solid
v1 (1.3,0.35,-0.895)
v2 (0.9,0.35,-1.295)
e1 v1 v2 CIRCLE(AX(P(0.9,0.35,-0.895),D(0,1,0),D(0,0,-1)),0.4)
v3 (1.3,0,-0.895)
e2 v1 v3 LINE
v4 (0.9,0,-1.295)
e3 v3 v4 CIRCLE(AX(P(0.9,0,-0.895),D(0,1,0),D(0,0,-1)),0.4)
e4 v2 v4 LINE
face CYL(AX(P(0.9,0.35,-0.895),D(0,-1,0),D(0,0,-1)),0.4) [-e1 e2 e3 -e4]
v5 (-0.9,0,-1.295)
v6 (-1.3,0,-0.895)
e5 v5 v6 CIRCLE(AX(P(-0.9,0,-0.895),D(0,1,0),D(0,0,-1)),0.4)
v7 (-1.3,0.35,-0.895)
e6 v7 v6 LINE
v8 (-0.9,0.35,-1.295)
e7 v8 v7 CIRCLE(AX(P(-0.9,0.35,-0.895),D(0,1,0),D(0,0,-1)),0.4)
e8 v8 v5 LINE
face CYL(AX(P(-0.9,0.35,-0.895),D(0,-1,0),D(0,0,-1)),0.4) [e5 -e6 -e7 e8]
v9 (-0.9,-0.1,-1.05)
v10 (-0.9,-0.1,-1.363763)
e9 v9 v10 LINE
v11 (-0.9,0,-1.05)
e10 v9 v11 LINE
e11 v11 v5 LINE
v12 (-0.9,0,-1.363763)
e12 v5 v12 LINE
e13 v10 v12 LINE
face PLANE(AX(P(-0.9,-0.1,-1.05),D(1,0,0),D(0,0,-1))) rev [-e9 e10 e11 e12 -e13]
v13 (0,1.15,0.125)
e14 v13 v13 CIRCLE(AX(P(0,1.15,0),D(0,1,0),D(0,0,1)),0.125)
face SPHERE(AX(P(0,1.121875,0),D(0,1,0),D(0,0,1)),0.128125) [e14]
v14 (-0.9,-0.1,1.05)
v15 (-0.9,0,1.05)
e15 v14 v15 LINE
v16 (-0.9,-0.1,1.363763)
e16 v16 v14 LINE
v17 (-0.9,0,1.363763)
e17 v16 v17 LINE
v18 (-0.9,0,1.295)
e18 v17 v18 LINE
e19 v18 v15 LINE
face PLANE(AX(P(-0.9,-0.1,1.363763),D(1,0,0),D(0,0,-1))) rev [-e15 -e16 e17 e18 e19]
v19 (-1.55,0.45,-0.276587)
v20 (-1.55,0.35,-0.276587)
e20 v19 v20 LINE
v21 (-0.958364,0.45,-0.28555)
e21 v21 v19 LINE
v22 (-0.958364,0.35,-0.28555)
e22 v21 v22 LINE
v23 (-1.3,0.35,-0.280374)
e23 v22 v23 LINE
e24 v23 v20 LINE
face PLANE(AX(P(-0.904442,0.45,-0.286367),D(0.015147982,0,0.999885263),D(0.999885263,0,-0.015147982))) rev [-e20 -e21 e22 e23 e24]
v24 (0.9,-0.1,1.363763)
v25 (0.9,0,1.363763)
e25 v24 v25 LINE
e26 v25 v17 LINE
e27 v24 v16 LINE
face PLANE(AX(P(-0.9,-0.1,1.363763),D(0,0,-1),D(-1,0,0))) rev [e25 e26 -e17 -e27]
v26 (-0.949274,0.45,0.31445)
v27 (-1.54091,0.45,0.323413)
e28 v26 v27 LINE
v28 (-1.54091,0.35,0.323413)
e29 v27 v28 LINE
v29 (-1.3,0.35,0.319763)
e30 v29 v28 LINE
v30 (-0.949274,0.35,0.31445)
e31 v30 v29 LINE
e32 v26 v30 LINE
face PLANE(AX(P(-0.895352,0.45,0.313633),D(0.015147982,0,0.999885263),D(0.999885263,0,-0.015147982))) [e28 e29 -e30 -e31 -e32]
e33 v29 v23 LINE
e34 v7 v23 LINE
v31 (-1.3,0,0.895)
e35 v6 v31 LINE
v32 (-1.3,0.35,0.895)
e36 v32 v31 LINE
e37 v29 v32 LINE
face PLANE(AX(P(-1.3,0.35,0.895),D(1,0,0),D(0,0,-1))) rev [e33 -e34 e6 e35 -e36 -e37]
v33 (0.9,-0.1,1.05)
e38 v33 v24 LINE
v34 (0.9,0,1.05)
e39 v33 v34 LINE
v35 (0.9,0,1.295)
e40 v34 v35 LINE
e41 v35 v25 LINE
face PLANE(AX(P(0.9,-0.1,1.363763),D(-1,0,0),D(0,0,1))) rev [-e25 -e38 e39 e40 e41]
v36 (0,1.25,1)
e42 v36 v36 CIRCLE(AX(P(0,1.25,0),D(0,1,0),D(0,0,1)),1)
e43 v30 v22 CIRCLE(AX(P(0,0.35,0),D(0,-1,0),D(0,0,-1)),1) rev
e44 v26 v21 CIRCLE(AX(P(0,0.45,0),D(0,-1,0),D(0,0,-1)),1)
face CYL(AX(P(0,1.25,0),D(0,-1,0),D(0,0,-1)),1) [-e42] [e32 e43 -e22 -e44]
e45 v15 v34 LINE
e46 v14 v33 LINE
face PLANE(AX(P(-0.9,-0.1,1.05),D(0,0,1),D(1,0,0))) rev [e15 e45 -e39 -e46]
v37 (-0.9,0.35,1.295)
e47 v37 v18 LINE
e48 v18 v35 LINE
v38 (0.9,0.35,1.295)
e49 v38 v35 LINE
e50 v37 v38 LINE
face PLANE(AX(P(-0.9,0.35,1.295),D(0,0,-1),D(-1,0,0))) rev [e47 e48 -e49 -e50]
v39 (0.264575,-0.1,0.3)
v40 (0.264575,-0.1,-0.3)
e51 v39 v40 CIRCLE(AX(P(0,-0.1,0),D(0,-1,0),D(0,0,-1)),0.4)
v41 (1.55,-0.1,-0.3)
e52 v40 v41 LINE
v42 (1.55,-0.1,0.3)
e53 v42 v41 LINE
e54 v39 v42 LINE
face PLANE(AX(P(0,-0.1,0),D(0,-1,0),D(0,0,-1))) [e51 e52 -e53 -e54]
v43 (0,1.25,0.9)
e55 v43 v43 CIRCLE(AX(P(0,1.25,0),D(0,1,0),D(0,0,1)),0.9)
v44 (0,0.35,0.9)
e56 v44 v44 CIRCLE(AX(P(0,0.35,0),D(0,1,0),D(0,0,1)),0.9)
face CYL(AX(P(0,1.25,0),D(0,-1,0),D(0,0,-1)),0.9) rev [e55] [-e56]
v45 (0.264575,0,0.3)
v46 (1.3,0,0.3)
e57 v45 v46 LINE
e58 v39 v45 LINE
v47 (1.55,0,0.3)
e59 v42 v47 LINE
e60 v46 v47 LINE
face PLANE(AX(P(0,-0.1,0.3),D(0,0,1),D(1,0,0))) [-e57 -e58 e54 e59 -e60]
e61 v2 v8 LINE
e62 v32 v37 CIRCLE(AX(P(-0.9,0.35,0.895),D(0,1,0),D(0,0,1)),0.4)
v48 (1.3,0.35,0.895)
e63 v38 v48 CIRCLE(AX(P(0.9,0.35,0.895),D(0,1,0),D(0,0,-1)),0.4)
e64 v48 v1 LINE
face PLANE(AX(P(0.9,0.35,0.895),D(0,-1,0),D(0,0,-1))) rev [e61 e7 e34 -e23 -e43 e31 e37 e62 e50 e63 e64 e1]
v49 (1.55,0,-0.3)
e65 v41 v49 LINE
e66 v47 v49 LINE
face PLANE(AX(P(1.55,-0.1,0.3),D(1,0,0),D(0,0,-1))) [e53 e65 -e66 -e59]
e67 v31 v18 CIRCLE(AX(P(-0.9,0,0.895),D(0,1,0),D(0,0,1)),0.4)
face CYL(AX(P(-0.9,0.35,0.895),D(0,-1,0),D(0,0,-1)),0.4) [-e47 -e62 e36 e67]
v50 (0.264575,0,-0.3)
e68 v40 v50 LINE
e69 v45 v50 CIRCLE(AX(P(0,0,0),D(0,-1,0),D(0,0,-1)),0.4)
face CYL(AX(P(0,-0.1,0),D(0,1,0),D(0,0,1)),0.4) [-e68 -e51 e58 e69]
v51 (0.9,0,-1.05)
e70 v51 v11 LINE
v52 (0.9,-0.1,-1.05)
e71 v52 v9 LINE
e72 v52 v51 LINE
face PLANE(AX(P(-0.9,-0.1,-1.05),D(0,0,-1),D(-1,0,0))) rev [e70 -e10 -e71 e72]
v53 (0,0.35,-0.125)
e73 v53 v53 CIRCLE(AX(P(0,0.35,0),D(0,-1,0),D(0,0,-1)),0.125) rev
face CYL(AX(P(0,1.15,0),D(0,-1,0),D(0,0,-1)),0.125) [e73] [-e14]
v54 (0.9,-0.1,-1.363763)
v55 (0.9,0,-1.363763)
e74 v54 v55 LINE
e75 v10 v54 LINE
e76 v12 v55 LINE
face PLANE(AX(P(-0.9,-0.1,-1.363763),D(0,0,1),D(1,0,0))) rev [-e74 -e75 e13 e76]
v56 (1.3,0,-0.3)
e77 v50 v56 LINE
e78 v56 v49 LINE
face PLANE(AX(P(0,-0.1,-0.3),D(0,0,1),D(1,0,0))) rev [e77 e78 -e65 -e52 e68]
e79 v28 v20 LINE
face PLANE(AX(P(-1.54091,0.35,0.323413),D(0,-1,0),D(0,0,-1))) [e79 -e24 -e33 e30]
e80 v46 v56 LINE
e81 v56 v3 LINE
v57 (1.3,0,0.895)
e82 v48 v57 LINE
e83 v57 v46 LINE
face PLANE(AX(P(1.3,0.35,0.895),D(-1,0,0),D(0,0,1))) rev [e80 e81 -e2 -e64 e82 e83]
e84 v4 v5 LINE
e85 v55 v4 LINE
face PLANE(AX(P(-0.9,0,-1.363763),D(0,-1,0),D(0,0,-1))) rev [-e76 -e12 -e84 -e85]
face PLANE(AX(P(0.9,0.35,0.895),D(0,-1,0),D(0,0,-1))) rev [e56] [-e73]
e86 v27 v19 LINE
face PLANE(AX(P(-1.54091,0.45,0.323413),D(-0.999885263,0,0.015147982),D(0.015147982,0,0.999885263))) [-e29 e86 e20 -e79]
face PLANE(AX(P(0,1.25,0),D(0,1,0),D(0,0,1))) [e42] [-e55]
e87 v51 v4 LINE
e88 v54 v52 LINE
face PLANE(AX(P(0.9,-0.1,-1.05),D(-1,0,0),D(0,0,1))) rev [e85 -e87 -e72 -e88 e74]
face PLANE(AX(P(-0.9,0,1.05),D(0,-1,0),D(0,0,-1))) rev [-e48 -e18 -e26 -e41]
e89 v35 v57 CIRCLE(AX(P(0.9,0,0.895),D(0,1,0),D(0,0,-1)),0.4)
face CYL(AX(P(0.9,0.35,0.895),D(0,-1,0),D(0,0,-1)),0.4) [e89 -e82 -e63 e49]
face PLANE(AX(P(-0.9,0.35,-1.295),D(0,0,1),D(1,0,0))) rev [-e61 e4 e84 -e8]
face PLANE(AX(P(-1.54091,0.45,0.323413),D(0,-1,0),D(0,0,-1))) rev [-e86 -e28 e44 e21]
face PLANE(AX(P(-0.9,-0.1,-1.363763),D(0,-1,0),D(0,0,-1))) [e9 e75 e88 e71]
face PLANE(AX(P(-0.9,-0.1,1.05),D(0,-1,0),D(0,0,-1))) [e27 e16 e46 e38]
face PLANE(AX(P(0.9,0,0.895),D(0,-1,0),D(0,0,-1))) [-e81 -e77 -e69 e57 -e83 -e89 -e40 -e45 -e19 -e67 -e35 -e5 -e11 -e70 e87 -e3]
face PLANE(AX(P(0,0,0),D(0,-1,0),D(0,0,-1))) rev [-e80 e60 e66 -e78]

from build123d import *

# Parameters (mm, degrees)
BOSS_EXTRUDE2_DEPTH = 0.35
SKETCH2_R           = 1
SKETCH2_R_2         = 0.9
BOSS_EXTRUDE3_DEPTH = 0.9
SKETCH3_R           = 0.125
BOSS_EXTRUDE4_DEPTH = 0.8
DOME1_FACE_RADIUS   = 0.125
DOME1_HEIGHT        = 0.1
SKETCH4_W           = 1.8
SKETCH4_H           = 0.313763297
BOSS_EXTRUDE5_DEPTH = 0.1
SKETCH5_R           = 0.4
SKETCH5_W           = 1.55
SKETCH5_H           = 0.6
BOSS_EXTRUDE6_DEPTH = 0.1
BOSS_EXTRUDE7_DEPTH = 0.1


with BuildPart() as part:
    # Sketch1 → Boss-Extrude2 (new body)
    with BuildSketch(Plane(origin=(0, 0, 0), x_dir=(1, 0, 0), z_dir=(0, 1, 0))):
        with BuildLine():
            Line((-0.9, -1.295), (0.9, -1.295))
            ThreePointArc((0.9, -1.295), (1.182842712, -1.177842712), (1.3, -0.895))
            Line((1.3, -0.895), (1.3, 0.895))
            ThreePointArc((1.3, 0.895), (1.182842712, 1.177842712), (0.9, 1.295))
            Line((0.9, 1.295), (-0.9, 1.295))
            ThreePointArc((-0.9, 1.295), (-1.182842712, 1.177842712), (-1.3, 0.895))
            Line((-1.3, 0.895), (-1.3, -0.895))
            ThreePointArc((-1.3, -0.895), (-1.182842712, -1.177842712), (-0.9, -1.295))
        make_face()
    extrude(amount=BOSS_EXTRUDE2_DEPTH)

    # Sketch2 → Boss-Extrude3 (add)
    with BuildSketch(Plane(origin=(0, 0.35, 0), x_dir=(-1, 0, 0), z_dir=(0, 1, 0))):
        with Locations(Location((0, 0, 0), (0, 0, 270))):
            Circle(SKETCH2_R)
        with Locations(Location((0, 0, 0), (0, 0, 90))):
            Circle(SKETCH2_R_2, mode=Mode.SUBTRACT)
    extrude(amount=BOSS_EXTRUDE3_DEPTH)

    # Sketch3 → Boss-Extrude4 (add)
    with BuildSketch(Plane(origin=(0, 0.35, 0), x_dir=(-1, 0, 0), z_dir=(0, 1, 0))):
        with Locations(Location((0, 0, 0), (0, 0, 270))):
            Circle(SKETCH3_R)
    extrude(amount=BOSS_EXTRUDE4_DEPTH)

    # Dome1: a dome of height H over a round flat face of radius A is a cap of a sphere of radius (A * A + H * H) / (2 * H)
    dome1_r = (DOME1_FACE_RADIUS * DOME1_FACE_RADIUS + DOME1_HEIGHT * DOME1_HEIGHT) / (2 * DOME1_HEIGHT)
    dome1_base = Plane((0, 1.15, 0), z_dir=(0, 1, 0))
    with Locations(dome1_base.offset(DOME1_HEIGHT - dome1_r)):
        dome1_ball = Sphere(dome1_r, mode=Mode.PRIVATE)
    add(split(dome1_ball, bisect_by=dome1_base, keep=Keep.TOP, mode=Mode.PRIVATE))

    # Sketch4 → Boss-Extrude5 (add)
    with BuildSketch(Plane.XZ):
        with Locations((0, 1.206881649)):
            Rectangle(SKETCH4_W, SKETCH4_H)
        with Locations((0, -1.206881649)):
            Rectangle(SKETCH4_W, SKETCH4_H)
    extrude(amount=BOSS_EXTRUDE5_DEPTH)

    # Sketch5 → Boss-Extrude6 (add)
    with BuildSketch(Plane.XZ):
        Circle(SKETCH5_R)
        with Locations((0.775, 0)):
            Rectangle(SKETCH5_W, SKETCH5_H)
    extrude(amount=BOSS_EXTRUDE6_DEPTH)

    # Sketch6 → Boss-Extrude7 (add)
    with BuildSketch(Plane(origin=(0, 0.35, 0), x_dir=(1, 0, 0), z_dir=(0, 1, 0))):
        Polygon((-0.89535182, -0.313633184), (-0.904441652, 0.286366816), (-1.55, 0.276586788), (-1.540910168, -0.323413212), align=None)
    extrude(amount=BOSS_EXTRUDE7_DEPTH)


solid = part.part
